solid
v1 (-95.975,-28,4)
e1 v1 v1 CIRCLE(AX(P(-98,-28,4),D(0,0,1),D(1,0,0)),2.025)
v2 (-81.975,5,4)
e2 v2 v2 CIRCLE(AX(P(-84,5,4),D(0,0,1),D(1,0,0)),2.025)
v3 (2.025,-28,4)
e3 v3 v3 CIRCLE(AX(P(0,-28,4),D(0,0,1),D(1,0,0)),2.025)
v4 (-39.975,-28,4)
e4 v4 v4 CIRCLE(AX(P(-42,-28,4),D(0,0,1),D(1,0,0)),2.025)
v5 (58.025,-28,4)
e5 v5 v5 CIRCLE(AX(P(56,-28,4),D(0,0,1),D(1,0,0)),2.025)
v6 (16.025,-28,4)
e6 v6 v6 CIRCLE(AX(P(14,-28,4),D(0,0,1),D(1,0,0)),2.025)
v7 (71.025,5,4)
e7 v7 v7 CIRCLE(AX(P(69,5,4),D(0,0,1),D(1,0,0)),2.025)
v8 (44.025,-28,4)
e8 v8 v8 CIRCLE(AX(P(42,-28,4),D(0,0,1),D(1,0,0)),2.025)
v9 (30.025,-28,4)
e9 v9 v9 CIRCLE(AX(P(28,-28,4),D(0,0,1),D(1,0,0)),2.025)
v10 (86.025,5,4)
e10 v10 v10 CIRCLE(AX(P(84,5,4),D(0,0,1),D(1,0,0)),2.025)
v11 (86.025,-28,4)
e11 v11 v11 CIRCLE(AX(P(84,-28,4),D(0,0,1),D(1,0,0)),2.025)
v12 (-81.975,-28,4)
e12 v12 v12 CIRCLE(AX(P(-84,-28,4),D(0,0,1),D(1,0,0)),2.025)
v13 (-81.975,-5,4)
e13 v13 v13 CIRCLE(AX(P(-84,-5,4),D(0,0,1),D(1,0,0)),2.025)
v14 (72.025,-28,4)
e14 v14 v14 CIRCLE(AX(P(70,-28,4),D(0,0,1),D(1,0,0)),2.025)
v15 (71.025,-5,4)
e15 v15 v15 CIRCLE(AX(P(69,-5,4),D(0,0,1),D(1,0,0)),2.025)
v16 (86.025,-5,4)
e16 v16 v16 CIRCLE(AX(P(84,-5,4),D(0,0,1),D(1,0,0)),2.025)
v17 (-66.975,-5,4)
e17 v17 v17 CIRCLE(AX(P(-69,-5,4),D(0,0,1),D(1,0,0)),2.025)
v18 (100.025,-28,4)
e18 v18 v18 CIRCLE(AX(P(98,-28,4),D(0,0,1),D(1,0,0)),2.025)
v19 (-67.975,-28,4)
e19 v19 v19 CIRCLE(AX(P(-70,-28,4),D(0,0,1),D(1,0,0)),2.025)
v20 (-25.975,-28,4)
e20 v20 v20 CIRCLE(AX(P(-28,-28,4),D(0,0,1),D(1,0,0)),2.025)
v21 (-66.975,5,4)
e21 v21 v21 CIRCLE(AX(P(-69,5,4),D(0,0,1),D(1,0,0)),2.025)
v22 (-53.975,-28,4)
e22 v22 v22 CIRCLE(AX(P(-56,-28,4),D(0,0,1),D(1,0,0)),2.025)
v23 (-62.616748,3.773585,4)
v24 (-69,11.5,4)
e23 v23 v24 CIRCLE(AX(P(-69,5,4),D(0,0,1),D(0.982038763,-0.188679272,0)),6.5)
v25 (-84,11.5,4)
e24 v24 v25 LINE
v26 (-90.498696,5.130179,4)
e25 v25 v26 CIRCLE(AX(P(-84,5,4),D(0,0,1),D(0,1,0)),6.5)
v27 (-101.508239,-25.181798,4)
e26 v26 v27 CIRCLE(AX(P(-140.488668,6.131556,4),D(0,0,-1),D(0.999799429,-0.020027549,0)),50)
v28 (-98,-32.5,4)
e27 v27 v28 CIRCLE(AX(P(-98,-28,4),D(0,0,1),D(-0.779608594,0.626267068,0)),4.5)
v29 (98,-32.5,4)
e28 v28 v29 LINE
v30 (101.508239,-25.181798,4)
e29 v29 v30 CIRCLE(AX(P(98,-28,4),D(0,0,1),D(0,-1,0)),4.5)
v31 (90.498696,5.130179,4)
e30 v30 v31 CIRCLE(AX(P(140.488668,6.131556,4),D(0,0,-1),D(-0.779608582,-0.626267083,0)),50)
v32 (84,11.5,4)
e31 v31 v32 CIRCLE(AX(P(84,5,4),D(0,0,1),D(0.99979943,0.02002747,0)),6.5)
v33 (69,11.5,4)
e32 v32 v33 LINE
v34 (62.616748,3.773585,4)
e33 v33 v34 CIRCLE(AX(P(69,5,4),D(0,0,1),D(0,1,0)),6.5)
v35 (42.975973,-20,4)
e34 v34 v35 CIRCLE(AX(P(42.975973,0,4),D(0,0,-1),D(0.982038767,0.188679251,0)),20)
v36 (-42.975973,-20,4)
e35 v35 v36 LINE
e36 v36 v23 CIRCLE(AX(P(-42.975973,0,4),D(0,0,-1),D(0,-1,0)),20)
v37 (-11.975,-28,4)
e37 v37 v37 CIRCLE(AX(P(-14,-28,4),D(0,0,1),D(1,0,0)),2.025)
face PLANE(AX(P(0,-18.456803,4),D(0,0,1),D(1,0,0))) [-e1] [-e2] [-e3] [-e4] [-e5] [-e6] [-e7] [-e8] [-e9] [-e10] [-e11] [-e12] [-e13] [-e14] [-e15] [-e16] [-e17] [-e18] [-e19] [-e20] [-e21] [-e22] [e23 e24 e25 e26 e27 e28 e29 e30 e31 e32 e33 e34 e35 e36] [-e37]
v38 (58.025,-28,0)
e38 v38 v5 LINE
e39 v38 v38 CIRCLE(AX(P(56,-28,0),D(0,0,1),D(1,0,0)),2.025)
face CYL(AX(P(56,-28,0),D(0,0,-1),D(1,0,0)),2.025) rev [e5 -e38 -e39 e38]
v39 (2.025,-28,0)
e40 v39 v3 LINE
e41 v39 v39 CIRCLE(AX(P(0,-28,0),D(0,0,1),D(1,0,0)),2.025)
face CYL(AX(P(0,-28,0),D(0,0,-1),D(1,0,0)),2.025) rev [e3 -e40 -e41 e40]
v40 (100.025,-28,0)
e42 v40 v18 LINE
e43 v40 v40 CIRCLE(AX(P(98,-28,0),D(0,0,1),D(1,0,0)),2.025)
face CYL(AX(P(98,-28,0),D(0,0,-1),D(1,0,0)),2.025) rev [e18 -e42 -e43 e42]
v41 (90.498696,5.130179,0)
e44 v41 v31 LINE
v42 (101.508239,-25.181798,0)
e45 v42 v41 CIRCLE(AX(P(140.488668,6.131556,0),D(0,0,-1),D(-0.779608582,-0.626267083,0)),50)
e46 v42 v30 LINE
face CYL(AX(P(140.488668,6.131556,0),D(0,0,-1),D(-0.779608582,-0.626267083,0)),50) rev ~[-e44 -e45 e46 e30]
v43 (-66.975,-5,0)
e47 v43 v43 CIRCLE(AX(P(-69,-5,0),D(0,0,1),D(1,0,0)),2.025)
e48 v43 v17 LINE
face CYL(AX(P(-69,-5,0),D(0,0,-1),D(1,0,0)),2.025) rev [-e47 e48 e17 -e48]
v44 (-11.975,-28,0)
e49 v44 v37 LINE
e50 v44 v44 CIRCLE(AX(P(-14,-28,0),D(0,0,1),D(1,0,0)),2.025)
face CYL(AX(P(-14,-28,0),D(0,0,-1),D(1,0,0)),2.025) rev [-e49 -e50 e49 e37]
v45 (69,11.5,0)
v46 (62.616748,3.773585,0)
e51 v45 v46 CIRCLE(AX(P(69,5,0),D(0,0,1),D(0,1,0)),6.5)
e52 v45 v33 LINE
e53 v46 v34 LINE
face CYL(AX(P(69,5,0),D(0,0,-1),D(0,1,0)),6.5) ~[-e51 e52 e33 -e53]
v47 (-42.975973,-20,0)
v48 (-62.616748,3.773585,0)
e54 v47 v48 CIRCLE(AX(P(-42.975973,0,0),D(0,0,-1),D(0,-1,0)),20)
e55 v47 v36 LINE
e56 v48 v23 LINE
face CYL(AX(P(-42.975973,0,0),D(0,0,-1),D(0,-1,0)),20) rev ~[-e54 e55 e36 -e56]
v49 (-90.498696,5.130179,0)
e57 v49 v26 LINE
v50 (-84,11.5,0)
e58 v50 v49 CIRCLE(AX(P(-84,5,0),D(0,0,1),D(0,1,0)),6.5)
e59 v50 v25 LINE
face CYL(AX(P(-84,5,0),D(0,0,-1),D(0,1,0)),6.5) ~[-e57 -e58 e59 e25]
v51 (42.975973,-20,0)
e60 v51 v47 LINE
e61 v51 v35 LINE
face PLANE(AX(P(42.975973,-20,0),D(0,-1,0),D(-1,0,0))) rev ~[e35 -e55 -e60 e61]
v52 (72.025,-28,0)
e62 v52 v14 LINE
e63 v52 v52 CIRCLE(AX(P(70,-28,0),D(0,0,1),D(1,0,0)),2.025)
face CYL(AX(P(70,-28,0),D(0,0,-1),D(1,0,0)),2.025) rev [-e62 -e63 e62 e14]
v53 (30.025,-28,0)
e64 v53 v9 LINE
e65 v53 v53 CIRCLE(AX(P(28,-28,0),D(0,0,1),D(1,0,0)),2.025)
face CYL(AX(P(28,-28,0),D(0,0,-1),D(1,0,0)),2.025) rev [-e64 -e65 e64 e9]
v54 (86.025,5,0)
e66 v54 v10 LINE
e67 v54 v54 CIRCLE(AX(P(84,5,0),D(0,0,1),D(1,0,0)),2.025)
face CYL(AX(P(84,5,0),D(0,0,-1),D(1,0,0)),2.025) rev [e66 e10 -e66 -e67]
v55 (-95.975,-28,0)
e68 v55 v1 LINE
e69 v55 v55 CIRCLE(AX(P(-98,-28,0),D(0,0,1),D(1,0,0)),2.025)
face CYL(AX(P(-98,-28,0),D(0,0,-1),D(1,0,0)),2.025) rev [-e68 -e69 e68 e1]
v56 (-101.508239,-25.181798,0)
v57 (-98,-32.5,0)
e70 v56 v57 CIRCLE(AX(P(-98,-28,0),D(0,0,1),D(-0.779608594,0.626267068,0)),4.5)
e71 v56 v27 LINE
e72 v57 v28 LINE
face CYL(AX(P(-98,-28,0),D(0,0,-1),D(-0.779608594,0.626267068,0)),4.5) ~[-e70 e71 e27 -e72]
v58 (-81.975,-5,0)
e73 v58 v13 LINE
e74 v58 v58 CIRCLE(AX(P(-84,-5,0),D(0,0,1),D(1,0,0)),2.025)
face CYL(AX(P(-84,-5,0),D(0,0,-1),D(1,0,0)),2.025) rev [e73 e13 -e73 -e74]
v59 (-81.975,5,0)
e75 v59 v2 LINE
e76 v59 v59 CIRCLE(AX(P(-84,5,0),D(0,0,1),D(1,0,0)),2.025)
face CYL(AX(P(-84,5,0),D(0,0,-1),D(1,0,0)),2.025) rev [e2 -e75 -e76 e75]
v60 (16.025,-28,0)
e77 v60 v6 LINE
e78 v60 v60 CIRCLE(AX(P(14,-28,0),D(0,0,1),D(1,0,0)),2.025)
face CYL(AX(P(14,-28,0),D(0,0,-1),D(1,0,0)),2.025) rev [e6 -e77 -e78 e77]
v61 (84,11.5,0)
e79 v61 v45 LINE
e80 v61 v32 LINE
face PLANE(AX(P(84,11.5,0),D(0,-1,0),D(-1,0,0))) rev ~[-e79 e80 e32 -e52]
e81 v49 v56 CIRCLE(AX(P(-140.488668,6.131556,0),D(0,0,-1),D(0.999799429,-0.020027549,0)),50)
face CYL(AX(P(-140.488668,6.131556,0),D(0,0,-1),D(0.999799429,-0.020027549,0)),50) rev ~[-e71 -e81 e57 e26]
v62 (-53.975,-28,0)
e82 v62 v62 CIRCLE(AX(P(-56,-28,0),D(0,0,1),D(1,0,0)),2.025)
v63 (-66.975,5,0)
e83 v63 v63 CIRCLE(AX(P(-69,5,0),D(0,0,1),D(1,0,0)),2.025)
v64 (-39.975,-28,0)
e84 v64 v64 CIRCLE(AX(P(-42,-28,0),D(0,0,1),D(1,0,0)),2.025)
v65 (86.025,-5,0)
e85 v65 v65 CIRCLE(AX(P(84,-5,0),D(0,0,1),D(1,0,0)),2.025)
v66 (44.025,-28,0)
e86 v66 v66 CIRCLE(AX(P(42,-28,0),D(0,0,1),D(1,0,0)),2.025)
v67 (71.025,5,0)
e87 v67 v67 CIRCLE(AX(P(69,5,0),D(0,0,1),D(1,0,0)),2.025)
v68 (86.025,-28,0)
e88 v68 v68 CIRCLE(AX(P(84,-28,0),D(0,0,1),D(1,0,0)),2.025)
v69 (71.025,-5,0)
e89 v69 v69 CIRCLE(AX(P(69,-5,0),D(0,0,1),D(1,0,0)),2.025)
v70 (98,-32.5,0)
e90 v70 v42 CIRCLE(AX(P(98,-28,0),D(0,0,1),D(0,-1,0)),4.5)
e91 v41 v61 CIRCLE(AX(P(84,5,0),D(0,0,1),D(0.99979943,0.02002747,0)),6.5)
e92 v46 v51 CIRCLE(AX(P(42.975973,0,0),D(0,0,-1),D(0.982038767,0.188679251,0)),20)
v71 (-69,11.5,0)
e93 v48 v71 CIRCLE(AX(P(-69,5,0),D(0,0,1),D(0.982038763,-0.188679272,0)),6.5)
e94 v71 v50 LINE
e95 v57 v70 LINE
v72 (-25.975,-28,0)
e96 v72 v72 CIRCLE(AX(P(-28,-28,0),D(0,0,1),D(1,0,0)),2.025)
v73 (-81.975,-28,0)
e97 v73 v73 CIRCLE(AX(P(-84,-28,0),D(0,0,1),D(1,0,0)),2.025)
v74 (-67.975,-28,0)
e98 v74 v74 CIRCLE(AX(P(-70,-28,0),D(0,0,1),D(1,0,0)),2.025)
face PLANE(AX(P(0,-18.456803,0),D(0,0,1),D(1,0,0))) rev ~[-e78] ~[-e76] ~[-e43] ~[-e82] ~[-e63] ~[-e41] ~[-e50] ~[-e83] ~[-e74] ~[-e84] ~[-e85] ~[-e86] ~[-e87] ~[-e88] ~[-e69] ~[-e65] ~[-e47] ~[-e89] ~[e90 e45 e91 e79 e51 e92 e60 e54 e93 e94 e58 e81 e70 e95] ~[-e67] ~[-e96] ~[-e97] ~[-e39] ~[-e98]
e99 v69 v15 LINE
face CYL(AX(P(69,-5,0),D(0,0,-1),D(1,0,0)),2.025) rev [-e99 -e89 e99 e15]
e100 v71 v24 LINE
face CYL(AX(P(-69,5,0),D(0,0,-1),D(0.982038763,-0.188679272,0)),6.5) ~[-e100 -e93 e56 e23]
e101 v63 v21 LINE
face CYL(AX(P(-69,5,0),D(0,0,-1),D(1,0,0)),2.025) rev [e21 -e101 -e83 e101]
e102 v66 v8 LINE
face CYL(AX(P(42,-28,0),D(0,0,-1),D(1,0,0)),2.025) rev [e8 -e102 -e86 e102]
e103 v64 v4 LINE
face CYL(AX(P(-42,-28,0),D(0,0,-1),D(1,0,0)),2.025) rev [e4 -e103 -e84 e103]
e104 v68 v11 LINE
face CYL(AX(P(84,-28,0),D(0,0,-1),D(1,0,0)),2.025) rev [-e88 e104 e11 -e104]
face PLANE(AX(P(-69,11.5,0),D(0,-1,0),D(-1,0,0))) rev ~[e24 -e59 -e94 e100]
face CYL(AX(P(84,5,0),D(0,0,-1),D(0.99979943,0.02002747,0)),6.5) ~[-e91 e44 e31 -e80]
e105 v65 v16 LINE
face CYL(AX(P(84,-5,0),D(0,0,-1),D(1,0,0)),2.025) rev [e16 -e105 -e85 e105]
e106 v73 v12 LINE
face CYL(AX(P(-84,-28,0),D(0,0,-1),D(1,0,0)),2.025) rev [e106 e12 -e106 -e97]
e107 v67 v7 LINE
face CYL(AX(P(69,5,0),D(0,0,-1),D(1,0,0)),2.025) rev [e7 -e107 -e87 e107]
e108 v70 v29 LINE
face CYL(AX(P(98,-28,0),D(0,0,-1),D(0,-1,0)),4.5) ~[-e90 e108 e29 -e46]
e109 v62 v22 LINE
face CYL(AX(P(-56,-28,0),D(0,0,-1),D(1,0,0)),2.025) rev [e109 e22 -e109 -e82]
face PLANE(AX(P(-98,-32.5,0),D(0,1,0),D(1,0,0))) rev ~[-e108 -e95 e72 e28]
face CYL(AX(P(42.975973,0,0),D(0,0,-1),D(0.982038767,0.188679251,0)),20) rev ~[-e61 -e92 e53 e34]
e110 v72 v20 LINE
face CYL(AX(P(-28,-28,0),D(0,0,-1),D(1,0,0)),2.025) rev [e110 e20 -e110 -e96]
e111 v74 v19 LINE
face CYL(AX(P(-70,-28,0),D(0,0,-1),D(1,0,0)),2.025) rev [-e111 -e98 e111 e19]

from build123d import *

# Parameters (mm, degrees)
SKETCH_1_R      = 2.025
EXTRUDE_1_DEPTH = 4


with BuildPart() as part:
    # 草图1 → 凸台-拉伸1 (new body)
    with BuildSketch(Plane.XY):
        with BuildLine():
            Line((-98, -32.5), (98, -32.5))
            ThreePointArc((98, -32.5), (102.057826292, -29.945262394), (101.508238617, -25.181798126))
            ThreePointArc((101.508238617, -25.181798126), (93.492529314, -10.937801768), (90.498696296, 5.130178558))
            ThreePointArc((90.498696296, 5.130178558), (88.549936229, 9.641990986), (84, 11.5))
            Line((84, 11.5), (69, 11.5))
            ThreePointArc((69, 11.5), (63.988927391, 9.13994581), (62.616747985, 3.773585019))
            ThreePointArc((62.616747985, 3.773585019), (58.39465774, -12.73829462), (42.975972641, -20))
            Line((42.975972641, -20), (-42.975972641, -20))
            ThreePointArc((-42.975972641, -20), (-58.394657646, -12.738294733), (-62.61674804, 3.773584731))
            ThreePointArc((-62.61674804, 3.773584731), (-63.988927298, 9.139945697), (-69, 11.5))
            Line((-69, 11.5), (-84, 11.5))
            ThreePointArc((-84, 11.5), (-88.549936232, 9.641990982), (-90.498696296, 5.130178548))
            ThreePointArc((-90.498696296, 5.130178548), (-93.492529331, -10.937801814), (-101.508238673, -25.181798195))
            ThreePointArc((-101.508238673, -25.181798195), (-102.057826273, -29.945262434), (-98, -32.5))
        make_face()
        with Locations((-84, -28)):
            Circle(SKETCH_1_R, mode=Mode.SUBTRACT)
        with Locations((84, -5)):
            Circle(SKETCH_1_R, mode=Mode.SUBTRACT)
        with Locations((69, -5)):
            Circle(SKETCH_1_R, mode=Mode.SUBTRACT)
        with Locations((-70, -28)):
            Circle(SKETCH_1_R, mode=Mode.SUBTRACT)
        with Locations((-56, -28)):
            Circle(SKETCH_1_R, mode=Mode.SUBTRACT)
        with Locations((-42, -28)):
            Circle(SKETCH_1_R, mode=Mode.SUBTRACT)
        with Locations((-28, -28)):
            Circle(SKETCH_1_R, mode=Mode.SUBTRACT)
        with Locations((-14, -28)):
            Circle(SKETCH_1_R, mode=Mode.SUBTRACT)
        with Locations((0, -28)):
            Circle(SKETCH_1_R, mode=Mode.SUBTRACT)
        with Locations((14, -28)):
            Circle(SKETCH_1_R, mode=Mode.SUBTRACT)
        with Locations((28, -28)):
            Circle(SKETCH_1_R, mode=Mode.SUBTRACT)
        with Locations((42, -28)):
            Circle(SKETCH_1_R, mode=Mode.SUBTRACT)
        with Locations((56, -28)):
            Circle(SKETCH_1_R, mode=Mode.SUBTRACT)
        with Locations((70, -28)):
            Circle(SKETCH_1_R, mode=Mode.SUBTRACT)
        with Locations((-84, -5)):
            Circle(SKETCH_1_R, mode=Mode.SUBTRACT)
        with Locations((-69, -5)):
            Circle(SKETCH_1_R, mode=Mode.SUBTRACT)
        with Locations((84, -28)):
            Circle(SKETCH_1_R, mode=Mode.SUBTRACT)
        with Locations((-98, -28)):
            Circle(SKETCH_1_R, mode=Mode.SUBTRACT)
        with Locations((-84, 5)):
            Circle(SKETCH_1_R, mode=Mode.SUBTRACT)
        with Locations((98, -28)):
            Circle(SKETCH_1_R, mode=Mode.SUBTRACT)
        with Locations((-69, 5)):
            Circle(SKETCH_1_R, mode=Mode.SUBTRACT)
        with Locations((84, 5)):
            Circle(SKETCH_1_R, mode=Mode.SUBTRACT)
        with Locations((69, 5)):
            Circle(SKETCH_1_R, mode=Mode.SUBTRACT)
    extrude(amount=EXTRUDE_1_DEPTH)


solid = part.part
